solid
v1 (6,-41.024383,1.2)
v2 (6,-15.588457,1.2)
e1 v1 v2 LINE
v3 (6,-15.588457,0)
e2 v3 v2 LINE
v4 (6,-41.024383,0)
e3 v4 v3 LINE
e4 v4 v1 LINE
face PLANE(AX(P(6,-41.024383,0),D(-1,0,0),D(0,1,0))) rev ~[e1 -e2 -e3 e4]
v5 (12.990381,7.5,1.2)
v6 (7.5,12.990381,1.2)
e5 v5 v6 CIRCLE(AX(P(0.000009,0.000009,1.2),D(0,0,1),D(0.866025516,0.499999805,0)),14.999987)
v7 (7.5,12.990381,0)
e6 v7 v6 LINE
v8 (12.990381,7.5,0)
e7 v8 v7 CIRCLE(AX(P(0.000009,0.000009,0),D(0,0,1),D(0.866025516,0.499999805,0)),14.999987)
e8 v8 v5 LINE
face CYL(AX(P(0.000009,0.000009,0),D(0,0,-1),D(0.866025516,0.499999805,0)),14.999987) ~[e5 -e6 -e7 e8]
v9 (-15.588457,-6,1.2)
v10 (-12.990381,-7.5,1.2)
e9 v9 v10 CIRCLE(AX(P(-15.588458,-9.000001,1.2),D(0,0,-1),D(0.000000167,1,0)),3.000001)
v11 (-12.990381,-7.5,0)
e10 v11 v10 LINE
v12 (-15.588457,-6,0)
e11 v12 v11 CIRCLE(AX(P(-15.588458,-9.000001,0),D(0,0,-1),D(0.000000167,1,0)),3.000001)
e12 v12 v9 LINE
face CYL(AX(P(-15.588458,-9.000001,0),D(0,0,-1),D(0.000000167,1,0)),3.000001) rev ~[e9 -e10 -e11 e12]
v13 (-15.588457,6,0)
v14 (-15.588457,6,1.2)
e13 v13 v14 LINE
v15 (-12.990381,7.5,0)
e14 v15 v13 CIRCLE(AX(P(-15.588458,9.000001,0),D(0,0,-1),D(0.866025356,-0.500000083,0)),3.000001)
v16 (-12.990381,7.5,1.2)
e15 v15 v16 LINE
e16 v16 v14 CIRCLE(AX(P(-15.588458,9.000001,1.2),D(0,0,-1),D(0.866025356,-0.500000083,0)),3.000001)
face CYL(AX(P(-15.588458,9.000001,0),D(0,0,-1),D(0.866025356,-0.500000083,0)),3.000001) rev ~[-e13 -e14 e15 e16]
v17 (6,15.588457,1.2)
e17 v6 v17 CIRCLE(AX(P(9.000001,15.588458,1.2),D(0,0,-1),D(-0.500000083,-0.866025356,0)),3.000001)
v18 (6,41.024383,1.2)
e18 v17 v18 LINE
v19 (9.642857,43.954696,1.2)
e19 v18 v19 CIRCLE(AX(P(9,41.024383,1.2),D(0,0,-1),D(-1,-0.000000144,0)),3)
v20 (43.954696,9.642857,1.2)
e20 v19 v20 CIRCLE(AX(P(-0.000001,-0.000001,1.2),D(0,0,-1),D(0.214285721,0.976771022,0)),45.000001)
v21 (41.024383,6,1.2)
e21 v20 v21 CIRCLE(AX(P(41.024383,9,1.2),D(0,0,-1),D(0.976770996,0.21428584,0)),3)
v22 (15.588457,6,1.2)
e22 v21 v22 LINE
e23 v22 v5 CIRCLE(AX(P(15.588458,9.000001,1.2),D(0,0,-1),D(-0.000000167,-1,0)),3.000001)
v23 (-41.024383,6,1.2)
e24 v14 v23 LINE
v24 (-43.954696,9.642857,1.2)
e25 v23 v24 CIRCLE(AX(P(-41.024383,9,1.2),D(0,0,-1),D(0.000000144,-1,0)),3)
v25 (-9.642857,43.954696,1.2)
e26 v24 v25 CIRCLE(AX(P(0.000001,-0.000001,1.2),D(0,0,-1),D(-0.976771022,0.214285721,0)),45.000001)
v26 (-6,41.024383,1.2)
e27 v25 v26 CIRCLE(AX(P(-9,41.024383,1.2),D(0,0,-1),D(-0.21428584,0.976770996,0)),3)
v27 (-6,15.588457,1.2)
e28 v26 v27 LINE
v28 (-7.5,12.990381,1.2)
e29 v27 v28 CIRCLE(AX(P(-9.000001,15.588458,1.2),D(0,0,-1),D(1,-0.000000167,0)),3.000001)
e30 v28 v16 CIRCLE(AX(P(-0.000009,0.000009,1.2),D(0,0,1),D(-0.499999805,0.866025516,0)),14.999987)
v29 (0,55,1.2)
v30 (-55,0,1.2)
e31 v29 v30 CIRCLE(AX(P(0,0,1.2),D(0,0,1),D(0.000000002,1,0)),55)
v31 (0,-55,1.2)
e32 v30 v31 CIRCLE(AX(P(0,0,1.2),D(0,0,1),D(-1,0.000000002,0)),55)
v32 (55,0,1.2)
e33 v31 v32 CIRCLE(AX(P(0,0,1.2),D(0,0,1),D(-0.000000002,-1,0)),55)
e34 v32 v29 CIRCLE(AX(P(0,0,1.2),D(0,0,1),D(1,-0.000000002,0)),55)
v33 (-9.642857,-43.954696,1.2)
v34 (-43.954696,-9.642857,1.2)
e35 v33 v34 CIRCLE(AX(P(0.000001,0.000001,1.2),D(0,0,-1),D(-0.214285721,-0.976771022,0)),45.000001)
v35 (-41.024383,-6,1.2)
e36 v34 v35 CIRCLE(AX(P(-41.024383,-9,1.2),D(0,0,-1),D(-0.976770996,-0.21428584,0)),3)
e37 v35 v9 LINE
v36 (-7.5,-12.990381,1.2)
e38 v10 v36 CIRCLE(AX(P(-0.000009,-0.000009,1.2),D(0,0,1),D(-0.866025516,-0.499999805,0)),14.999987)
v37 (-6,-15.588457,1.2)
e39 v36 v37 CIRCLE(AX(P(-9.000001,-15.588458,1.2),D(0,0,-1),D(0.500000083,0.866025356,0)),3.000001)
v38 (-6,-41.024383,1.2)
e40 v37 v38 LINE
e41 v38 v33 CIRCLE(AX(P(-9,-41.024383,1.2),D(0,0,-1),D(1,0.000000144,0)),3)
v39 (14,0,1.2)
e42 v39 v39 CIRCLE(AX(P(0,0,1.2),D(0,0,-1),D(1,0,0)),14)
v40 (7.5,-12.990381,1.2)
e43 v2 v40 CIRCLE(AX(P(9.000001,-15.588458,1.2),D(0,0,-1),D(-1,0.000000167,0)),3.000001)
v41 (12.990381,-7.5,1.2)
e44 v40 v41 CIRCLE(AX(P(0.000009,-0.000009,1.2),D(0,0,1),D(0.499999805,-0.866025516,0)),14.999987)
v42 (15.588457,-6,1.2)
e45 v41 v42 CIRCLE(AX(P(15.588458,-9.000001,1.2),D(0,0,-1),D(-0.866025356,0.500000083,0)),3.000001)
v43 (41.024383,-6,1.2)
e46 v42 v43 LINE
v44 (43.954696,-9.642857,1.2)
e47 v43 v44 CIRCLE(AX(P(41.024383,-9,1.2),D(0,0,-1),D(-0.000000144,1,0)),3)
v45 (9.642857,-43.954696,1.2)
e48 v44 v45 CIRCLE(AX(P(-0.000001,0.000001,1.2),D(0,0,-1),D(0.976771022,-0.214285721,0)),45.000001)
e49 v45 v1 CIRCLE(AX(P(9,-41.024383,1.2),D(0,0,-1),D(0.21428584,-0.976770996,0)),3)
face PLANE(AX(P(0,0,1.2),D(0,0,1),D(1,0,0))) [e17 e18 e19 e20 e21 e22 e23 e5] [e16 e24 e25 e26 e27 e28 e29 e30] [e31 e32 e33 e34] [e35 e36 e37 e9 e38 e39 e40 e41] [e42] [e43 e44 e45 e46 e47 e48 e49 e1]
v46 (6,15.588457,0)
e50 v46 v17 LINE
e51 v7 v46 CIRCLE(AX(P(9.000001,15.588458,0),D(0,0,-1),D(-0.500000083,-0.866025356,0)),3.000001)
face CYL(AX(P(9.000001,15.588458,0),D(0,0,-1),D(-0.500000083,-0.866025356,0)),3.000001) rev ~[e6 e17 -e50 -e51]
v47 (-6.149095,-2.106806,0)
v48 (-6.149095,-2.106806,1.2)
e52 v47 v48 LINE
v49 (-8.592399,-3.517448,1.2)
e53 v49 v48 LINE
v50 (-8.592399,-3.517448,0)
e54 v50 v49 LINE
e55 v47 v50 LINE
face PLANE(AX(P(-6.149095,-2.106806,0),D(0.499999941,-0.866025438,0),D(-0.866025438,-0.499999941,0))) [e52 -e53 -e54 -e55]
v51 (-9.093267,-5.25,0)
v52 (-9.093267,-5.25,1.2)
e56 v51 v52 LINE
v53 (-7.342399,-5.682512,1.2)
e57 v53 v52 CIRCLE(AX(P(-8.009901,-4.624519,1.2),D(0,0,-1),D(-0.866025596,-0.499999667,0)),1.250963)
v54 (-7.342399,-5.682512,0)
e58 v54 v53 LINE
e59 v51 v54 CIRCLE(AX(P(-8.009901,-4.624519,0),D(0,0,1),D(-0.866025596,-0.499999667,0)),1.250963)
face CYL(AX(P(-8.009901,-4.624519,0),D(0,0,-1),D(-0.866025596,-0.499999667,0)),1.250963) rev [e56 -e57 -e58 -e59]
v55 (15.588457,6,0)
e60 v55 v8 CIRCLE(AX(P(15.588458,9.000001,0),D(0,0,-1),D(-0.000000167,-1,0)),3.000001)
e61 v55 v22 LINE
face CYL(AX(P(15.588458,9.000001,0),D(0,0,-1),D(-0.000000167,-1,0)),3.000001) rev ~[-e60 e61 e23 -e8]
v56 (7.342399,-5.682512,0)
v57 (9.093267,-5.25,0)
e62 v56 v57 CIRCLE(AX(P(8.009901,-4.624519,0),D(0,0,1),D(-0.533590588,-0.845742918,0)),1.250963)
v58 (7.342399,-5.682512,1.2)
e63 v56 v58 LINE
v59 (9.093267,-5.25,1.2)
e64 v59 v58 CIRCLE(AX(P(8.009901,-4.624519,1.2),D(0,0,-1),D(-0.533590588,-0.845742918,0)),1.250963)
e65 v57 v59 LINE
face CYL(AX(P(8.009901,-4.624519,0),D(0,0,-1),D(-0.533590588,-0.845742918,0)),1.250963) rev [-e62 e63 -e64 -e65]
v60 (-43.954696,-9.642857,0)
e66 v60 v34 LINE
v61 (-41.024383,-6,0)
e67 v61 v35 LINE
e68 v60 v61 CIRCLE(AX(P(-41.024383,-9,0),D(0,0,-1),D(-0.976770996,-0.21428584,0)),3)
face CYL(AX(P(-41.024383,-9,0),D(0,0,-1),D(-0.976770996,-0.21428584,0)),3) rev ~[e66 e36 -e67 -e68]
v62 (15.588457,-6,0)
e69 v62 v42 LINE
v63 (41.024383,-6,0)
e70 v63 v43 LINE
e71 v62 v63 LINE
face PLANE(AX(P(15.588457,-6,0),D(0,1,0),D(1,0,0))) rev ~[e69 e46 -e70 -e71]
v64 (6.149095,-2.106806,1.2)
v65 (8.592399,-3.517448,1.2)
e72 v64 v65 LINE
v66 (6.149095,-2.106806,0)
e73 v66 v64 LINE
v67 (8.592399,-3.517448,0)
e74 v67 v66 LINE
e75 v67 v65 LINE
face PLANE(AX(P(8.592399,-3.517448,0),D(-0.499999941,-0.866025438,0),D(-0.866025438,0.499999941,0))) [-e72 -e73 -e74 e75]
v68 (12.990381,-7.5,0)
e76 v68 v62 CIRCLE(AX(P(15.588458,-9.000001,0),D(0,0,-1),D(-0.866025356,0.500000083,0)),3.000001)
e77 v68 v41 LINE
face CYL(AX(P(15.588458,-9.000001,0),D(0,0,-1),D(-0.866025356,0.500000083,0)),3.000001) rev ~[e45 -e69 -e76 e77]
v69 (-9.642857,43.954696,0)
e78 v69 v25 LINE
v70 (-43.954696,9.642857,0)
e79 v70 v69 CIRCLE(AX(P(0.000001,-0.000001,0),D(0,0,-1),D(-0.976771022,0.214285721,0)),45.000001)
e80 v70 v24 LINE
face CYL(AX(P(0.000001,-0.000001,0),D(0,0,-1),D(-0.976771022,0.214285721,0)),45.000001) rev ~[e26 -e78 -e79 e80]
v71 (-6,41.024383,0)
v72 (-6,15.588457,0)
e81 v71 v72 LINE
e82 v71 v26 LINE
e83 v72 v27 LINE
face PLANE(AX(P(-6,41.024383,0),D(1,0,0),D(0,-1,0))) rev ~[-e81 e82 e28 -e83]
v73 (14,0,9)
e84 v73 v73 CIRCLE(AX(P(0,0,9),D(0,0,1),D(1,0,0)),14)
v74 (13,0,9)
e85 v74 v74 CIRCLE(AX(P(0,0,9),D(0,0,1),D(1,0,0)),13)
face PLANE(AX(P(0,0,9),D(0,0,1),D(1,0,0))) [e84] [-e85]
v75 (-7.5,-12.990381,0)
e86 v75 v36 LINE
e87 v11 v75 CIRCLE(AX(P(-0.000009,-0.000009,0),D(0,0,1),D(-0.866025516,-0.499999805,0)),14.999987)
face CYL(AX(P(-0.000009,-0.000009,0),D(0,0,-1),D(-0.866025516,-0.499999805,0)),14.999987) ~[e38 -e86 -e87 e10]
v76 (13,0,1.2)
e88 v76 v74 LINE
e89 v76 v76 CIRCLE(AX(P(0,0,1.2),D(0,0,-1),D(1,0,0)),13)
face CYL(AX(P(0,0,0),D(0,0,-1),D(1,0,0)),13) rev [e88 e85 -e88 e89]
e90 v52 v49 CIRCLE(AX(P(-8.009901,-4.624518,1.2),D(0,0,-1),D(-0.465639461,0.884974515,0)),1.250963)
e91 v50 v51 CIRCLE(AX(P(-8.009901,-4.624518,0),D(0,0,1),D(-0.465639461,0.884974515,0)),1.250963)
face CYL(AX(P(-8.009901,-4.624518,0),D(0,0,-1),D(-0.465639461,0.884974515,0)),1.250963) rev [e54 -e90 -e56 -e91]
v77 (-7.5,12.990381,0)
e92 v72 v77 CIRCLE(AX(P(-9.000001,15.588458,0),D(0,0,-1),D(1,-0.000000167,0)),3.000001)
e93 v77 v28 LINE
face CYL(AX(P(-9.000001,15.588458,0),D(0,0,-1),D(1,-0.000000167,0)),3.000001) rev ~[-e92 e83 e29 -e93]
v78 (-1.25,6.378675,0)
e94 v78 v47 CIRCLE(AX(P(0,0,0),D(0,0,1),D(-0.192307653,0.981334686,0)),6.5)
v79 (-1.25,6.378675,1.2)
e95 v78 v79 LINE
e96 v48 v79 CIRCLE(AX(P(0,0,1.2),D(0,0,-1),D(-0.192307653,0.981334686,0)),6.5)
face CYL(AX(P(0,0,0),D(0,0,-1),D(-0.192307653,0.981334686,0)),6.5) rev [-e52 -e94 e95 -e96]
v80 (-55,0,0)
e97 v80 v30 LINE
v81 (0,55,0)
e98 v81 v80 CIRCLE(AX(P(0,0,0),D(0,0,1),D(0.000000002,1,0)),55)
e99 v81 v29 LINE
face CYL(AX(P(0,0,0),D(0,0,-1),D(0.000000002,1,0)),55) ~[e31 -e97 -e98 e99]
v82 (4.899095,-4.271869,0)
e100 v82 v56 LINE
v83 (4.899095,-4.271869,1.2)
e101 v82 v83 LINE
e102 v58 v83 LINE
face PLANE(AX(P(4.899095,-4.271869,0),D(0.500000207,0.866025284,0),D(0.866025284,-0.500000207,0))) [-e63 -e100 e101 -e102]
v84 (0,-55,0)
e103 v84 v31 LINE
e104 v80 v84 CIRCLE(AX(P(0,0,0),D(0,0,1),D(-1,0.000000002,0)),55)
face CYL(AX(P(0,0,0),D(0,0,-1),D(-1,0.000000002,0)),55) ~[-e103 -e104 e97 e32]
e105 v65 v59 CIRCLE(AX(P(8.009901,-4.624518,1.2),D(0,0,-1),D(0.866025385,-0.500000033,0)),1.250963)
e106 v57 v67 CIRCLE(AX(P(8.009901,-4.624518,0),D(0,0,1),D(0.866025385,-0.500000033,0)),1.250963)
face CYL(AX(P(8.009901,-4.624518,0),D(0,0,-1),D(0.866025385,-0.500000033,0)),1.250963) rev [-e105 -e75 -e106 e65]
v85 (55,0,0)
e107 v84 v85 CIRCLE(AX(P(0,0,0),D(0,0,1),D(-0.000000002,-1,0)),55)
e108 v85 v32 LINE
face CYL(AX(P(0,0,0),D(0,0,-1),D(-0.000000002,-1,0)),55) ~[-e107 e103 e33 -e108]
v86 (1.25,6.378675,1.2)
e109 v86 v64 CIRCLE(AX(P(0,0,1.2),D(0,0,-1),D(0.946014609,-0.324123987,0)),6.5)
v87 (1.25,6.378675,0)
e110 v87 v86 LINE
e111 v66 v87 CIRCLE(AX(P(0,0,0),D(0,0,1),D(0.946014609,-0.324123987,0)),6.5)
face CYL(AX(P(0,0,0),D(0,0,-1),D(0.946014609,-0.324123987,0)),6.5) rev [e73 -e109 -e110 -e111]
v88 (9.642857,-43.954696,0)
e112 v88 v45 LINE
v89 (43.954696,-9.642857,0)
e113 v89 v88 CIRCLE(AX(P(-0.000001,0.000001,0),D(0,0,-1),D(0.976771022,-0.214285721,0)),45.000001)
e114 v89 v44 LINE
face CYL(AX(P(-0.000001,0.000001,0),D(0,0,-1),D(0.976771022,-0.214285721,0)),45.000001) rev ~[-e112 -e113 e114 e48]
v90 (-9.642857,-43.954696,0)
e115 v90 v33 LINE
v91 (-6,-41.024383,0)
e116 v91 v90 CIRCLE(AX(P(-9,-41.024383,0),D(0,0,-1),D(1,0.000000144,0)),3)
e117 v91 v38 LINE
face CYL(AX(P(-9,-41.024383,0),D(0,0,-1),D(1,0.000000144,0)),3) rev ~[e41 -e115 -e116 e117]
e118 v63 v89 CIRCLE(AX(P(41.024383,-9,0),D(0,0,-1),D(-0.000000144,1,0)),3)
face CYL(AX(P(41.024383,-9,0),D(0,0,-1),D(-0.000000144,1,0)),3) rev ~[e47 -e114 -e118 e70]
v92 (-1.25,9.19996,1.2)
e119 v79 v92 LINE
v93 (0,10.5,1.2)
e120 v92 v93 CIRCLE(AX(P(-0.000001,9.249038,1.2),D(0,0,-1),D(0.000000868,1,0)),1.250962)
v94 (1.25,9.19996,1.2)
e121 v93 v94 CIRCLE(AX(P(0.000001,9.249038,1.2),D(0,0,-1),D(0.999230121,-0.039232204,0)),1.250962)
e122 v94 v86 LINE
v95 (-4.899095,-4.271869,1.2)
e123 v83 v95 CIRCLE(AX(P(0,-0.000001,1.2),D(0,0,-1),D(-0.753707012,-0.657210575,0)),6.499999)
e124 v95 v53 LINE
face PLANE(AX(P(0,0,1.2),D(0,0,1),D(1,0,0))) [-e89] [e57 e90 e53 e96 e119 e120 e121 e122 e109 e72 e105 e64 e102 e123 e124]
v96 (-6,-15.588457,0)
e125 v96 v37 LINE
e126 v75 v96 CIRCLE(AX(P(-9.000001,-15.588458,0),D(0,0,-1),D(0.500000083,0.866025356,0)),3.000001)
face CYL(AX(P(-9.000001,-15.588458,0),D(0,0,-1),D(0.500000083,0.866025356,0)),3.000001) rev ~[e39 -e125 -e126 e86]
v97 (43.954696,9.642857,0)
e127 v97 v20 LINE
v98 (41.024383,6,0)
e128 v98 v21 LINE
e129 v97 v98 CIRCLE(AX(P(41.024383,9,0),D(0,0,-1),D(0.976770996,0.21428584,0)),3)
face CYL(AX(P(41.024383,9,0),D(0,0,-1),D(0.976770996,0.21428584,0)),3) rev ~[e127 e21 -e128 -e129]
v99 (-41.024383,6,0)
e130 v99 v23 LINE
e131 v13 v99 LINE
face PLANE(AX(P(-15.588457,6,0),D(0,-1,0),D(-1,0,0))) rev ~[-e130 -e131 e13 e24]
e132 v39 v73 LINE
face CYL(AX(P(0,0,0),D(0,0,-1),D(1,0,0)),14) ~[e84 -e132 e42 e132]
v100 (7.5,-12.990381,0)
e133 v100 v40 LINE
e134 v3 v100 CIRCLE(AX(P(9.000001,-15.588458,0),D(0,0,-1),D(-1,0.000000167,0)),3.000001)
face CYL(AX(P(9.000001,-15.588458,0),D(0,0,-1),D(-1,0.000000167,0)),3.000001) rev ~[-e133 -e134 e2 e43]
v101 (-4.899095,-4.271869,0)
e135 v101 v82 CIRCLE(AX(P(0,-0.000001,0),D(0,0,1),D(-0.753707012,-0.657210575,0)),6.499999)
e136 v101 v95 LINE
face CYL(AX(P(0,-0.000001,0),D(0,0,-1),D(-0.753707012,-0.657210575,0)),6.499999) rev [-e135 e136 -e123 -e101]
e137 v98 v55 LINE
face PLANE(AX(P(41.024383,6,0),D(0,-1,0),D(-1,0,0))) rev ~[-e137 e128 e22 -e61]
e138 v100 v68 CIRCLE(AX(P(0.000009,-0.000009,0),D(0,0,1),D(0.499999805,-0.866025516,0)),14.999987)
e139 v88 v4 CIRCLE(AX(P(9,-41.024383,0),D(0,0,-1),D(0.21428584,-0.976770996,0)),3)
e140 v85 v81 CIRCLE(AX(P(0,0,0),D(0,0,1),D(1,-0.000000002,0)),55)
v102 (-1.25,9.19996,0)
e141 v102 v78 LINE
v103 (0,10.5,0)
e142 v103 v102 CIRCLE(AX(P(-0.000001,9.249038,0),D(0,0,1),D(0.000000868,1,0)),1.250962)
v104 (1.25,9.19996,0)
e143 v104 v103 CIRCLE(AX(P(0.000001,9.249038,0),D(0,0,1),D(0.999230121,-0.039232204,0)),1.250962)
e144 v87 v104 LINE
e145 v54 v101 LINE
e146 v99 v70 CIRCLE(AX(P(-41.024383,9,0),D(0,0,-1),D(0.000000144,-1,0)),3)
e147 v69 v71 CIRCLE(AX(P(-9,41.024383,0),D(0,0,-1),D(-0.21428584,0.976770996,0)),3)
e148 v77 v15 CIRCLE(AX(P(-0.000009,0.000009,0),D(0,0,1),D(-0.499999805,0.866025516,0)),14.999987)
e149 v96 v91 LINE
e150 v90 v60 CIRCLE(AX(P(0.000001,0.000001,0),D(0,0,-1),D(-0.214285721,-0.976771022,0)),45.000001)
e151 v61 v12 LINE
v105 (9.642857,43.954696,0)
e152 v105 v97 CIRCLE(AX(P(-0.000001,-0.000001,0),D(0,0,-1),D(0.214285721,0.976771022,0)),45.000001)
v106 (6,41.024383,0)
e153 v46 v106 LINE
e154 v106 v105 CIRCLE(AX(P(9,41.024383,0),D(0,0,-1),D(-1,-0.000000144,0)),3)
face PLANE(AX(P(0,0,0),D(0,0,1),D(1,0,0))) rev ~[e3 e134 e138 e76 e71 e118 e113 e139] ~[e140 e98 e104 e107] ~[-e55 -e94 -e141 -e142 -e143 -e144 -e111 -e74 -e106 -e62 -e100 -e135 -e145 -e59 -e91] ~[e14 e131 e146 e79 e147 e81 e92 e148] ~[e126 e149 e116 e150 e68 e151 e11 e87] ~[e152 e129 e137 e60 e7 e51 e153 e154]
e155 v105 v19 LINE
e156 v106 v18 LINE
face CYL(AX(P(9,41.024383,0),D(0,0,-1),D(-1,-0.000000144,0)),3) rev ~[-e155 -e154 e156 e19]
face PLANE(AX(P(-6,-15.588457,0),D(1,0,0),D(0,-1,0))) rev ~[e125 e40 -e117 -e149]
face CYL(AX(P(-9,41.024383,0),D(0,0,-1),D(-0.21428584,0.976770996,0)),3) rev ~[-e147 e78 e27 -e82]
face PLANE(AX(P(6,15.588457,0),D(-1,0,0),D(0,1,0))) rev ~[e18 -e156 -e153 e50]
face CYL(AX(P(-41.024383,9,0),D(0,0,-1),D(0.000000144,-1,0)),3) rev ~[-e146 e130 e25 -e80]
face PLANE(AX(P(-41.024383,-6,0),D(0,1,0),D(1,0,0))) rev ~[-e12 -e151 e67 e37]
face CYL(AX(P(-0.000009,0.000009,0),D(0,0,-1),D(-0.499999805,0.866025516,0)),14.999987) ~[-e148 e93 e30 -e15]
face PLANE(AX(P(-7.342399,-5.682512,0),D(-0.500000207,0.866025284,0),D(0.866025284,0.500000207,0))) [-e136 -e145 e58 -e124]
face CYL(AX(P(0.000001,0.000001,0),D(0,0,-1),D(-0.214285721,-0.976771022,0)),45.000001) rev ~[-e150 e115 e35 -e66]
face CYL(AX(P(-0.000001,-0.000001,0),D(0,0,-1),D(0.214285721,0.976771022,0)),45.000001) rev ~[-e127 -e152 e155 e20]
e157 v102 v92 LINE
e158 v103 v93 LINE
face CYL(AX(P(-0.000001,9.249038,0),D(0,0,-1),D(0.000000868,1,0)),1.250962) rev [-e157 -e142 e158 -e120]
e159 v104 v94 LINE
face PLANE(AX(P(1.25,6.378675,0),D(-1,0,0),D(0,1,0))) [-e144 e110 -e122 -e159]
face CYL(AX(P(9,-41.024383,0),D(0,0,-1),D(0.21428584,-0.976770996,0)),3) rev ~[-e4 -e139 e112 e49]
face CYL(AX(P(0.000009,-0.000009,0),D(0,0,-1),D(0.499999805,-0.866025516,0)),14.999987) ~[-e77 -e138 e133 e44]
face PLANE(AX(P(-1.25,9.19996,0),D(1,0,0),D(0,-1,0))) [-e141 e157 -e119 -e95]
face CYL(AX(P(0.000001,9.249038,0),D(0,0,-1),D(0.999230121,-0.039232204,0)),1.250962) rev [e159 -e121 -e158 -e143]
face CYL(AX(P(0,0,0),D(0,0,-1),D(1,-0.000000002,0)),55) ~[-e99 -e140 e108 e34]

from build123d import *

# Parameters (mm, degrees)
F1_DEPTH = 1.2
F2_R     = 14
F2_R_2   = 13
F3_DEPTH = 9
F5_DEPTH = 25


with BuildPart() as f1:
    # F0 (on Top) → F1 (new body)
    with BuildSketch(Plane.XY):
        with BuildLine():
            ThreePointArc((0, 55), (-38.890873, 38.890873), (-55, 0))
            ThreePointArc((-55, 0), (-38.890873, -38.890873), (0, -55))
            ThreePointArc((0, -55), (38.890873, -38.890873), (55, 0))
            ThreePointArc((55, 0), (38.890873, 38.890873), (0, 55))
        make_face()
        with BuildLine():
            ThreePointArc((-6, -41.024383), (-7.11965, -43.361964), (-9.642857, -43.954696))
            ThreePointArc((-9.642857, -43.954696), (-31.819805, -31.819805), (-43.954696, -9.642857))
            ThreePointArc((-43.954696, -9.642857), (-43.361964, -7.11965), (-41.024383, -6))
            Line((-41.024383, -6), (-15.588457, -6))
            ThreePointArc((-15.588457, -6), (-14.088457, -6.401924), (-12.990381, -7.5))
            ThreePointArc((-12.990381, -7.5), (-10.606602, -10.606602), (-7.5, -12.990381))
            ThreePointArc((-7.5, -12.990381), (-6.401924, -14.088457), (-6, -15.588457))
            Line((-6, -15.588457), (-6, -41.024383))
        make_face(mode=Mode.SUBTRACT)
        with BuildLine():
            ThreePointArc((41.024383, -6), (43.361964, -7.11965), (43.954696, -9.642857))
            ThreePointArc((43.954696, -9.642857), (31.819805, -31.819805), (9.642857, -43.954696))
            ThreePointArc((9.642857, -43.954696), (7.11965, -43.361964), (6, -41.024383))
            Line((6, -41.024383), (6, -15.588457))
            ThreePointArc((6, -15.588457), (6.401924, -14.088457), (7.5, -12.990381))
            ThreePointArc((7.5, -12.990381), (10.606602, -10.606602), (12.990381, -7.5))
            ThreePointArc((12.990381, -7.5), (14.088457, -6.401924), (15.588457, -6))
            Line((15.588457, -6), (41.024383, -6))
        make_face(mode=Mode.SUBTRACT)
        with BuildLine():
            ThreePointArc((-7.5, 12.990381), (-10.606602, 10.606602), (-12.990381, 7.5))
            ThreePointArc((-12.990381, 7.5), (-14.088457, 6.401924), (-15.588457, 6))
            Line((-15.588457, 6), (-41.024383, 6))
            ThreePointArc((-41.024383, 6), (-43.361964, 7.11965), (-43.954696, 9.642857))
            ThreePointArc((-43.954696, 9.642857), (-31.819805, 31.819805), (-9.642857, 43.954696))
            ThreePointArc((-9.642857, 43.954696), (-7.11965, 43.361964), (-6, 41.024383))
            Line((-6, 41.024383), (-6, 15.588457))
            ThreePointArc((-6, 15.588457), (-6.401924, 14.088457), (-7.5, 12.990381))
        make_face(mode=Mode.SUBTRACT)
        with BuildLine():
            ThreePointArc((6, 41.024383), (7.11965, 43.361964), (9.642857, 43.954696))
            ThreePointArc((9.642857, 43.954696), (31.819805, 31.819805), (43.954696, 9.642857))
            ThreePointArc((43.954696, 9.642857), (43.361964, 7.11965), (41.024383, 6))
            Line((41.024383, 6), (15.588457, 6))
            ThreePointArc((15.588457, 6), (14.088457, 6.401924), (12.990381, 7.5))
            ThreePointArc((12.990381, 7.5), (10.606602, 10.606602), (7.5, 12.990381))
            ThreePointArc((7.5, 12.990381), (6.401924, 14.088457), (6, 15.588457))
            Line((6, 15.588457), (6, 41.024383))
        make_face(mode=Mode.SUBTRACT)
    extrude(amount=F1_DEPTH)

    # F2 (on Top) → F3 (join)
    with BuildSketch(Plane.XY):
        Circle(F2_R)
        Circle(F2_R_2, mode=Mode.SUBTRACT)
    extrude(amount=F3_DEPTH)

    # F4 (on Top) → F5 (cut)
    with BuildSketch(Plane.XY):
        with BuildLine():
            ThreePointArc((-6.149095, -2.106806), (-5.916805, -2.690989), (-5.629165, -3.25))
            ThreePointArc((-5.629165, -3.25), (-5.288867, -3.778608), (-4.899095, -4.271869))
            ThreePointArc((-4.899095, -4.271869), (0, -6.5), (4.899095, -4.271869))
            ThreePointArc((4.899095, -4.271869), (5.288867, -3.778608), (5.629165, -3.25))
            ThreePointArc((5.629165, -3.25), (5.916805, -2.690989), (6.149095, -2.106806))
            ThreePointArc((6.149095, -2.106806), (5.629165, 3.25), (1.25, 6.378675))
            ThreePointArc((1.25, 6.378675), (0.627937, 6.469598), (0, 6.5))
            ThreePointArc((0, 6.5), (-0.627937, 6.469598), (-1.25, 6.378675))
            ThreePointArc((-1.25, 6.378675), (-5.629165, 3.25), (-6.149095, -2.106806))
        make_face()
        with BuildLine():
            ThreePointArc((-4.899095, -4.271869), (-5.288867, -3.778608), (-5.629165, -3.25))
            ThreePointArc((-5.629165, -3.25), (-5.916805, -2.690989), (-6.149095, -2.106806))
            Line((-6.149095, -2.106806), (-8.592399, -3.517448))
            ThreePointArc((-8.592399, -3.517448), (-9.211654, -4.277101), (-9.093267, -5.25))
            ThreePointArc((-9.093267, -5.25), (-8.309905, -5.838976), (-7.342399, -5.682512))
            Line((-7.342399, -5.682512), (-4.899095, -4.271869))
        make_face()
        with BuildLine():
            ThreePointArc((5.629165, -3.25), (5.288867, -3.778608), (4.899095, -4.271869))
            Line((4.899095, -4.271869), (7.342399, -5.682512))
            ThreePointArc((7.342399, -5.682512), (8.309905, -5.838976), (9.093267, -5.25))
            ThreePointArc((9.093267, -5.25), (9.211654, -4.277101), (8.592399, -3.517448))
            Line((8.592399, -3.517448), (6.149095, -2.106806))
            ThreePointArc((6.149095, -2.106806), (5.916805, -2.690989), (5.629165, -3.25))
        make_face()
        with BuildLine():
            Line((-1.25, 9.19996), (-1.25, 6.378675))
            ThreePointArc((-1.25, 6.378675), (-0.627937, 6.469598), (0, 6.5))
            ThreePointArc((0, 6.5), (0.627937, 6.469598), (1.25, 6.378675))
            Line((1.25, 6.378675), (1.25, 9.19996))
            ThreePointArc((1.25, 9.19996), (0.901749, 10.116077), (0, 10.5))
            ThreePointArc((0, 10.5), (-0.901749, 10.116077), (-1.25, 9.19996))
        make_face()
    extrude(amount=F5_DEPTH, mode=Mode.SUBTRACT)


solid = f1.part
